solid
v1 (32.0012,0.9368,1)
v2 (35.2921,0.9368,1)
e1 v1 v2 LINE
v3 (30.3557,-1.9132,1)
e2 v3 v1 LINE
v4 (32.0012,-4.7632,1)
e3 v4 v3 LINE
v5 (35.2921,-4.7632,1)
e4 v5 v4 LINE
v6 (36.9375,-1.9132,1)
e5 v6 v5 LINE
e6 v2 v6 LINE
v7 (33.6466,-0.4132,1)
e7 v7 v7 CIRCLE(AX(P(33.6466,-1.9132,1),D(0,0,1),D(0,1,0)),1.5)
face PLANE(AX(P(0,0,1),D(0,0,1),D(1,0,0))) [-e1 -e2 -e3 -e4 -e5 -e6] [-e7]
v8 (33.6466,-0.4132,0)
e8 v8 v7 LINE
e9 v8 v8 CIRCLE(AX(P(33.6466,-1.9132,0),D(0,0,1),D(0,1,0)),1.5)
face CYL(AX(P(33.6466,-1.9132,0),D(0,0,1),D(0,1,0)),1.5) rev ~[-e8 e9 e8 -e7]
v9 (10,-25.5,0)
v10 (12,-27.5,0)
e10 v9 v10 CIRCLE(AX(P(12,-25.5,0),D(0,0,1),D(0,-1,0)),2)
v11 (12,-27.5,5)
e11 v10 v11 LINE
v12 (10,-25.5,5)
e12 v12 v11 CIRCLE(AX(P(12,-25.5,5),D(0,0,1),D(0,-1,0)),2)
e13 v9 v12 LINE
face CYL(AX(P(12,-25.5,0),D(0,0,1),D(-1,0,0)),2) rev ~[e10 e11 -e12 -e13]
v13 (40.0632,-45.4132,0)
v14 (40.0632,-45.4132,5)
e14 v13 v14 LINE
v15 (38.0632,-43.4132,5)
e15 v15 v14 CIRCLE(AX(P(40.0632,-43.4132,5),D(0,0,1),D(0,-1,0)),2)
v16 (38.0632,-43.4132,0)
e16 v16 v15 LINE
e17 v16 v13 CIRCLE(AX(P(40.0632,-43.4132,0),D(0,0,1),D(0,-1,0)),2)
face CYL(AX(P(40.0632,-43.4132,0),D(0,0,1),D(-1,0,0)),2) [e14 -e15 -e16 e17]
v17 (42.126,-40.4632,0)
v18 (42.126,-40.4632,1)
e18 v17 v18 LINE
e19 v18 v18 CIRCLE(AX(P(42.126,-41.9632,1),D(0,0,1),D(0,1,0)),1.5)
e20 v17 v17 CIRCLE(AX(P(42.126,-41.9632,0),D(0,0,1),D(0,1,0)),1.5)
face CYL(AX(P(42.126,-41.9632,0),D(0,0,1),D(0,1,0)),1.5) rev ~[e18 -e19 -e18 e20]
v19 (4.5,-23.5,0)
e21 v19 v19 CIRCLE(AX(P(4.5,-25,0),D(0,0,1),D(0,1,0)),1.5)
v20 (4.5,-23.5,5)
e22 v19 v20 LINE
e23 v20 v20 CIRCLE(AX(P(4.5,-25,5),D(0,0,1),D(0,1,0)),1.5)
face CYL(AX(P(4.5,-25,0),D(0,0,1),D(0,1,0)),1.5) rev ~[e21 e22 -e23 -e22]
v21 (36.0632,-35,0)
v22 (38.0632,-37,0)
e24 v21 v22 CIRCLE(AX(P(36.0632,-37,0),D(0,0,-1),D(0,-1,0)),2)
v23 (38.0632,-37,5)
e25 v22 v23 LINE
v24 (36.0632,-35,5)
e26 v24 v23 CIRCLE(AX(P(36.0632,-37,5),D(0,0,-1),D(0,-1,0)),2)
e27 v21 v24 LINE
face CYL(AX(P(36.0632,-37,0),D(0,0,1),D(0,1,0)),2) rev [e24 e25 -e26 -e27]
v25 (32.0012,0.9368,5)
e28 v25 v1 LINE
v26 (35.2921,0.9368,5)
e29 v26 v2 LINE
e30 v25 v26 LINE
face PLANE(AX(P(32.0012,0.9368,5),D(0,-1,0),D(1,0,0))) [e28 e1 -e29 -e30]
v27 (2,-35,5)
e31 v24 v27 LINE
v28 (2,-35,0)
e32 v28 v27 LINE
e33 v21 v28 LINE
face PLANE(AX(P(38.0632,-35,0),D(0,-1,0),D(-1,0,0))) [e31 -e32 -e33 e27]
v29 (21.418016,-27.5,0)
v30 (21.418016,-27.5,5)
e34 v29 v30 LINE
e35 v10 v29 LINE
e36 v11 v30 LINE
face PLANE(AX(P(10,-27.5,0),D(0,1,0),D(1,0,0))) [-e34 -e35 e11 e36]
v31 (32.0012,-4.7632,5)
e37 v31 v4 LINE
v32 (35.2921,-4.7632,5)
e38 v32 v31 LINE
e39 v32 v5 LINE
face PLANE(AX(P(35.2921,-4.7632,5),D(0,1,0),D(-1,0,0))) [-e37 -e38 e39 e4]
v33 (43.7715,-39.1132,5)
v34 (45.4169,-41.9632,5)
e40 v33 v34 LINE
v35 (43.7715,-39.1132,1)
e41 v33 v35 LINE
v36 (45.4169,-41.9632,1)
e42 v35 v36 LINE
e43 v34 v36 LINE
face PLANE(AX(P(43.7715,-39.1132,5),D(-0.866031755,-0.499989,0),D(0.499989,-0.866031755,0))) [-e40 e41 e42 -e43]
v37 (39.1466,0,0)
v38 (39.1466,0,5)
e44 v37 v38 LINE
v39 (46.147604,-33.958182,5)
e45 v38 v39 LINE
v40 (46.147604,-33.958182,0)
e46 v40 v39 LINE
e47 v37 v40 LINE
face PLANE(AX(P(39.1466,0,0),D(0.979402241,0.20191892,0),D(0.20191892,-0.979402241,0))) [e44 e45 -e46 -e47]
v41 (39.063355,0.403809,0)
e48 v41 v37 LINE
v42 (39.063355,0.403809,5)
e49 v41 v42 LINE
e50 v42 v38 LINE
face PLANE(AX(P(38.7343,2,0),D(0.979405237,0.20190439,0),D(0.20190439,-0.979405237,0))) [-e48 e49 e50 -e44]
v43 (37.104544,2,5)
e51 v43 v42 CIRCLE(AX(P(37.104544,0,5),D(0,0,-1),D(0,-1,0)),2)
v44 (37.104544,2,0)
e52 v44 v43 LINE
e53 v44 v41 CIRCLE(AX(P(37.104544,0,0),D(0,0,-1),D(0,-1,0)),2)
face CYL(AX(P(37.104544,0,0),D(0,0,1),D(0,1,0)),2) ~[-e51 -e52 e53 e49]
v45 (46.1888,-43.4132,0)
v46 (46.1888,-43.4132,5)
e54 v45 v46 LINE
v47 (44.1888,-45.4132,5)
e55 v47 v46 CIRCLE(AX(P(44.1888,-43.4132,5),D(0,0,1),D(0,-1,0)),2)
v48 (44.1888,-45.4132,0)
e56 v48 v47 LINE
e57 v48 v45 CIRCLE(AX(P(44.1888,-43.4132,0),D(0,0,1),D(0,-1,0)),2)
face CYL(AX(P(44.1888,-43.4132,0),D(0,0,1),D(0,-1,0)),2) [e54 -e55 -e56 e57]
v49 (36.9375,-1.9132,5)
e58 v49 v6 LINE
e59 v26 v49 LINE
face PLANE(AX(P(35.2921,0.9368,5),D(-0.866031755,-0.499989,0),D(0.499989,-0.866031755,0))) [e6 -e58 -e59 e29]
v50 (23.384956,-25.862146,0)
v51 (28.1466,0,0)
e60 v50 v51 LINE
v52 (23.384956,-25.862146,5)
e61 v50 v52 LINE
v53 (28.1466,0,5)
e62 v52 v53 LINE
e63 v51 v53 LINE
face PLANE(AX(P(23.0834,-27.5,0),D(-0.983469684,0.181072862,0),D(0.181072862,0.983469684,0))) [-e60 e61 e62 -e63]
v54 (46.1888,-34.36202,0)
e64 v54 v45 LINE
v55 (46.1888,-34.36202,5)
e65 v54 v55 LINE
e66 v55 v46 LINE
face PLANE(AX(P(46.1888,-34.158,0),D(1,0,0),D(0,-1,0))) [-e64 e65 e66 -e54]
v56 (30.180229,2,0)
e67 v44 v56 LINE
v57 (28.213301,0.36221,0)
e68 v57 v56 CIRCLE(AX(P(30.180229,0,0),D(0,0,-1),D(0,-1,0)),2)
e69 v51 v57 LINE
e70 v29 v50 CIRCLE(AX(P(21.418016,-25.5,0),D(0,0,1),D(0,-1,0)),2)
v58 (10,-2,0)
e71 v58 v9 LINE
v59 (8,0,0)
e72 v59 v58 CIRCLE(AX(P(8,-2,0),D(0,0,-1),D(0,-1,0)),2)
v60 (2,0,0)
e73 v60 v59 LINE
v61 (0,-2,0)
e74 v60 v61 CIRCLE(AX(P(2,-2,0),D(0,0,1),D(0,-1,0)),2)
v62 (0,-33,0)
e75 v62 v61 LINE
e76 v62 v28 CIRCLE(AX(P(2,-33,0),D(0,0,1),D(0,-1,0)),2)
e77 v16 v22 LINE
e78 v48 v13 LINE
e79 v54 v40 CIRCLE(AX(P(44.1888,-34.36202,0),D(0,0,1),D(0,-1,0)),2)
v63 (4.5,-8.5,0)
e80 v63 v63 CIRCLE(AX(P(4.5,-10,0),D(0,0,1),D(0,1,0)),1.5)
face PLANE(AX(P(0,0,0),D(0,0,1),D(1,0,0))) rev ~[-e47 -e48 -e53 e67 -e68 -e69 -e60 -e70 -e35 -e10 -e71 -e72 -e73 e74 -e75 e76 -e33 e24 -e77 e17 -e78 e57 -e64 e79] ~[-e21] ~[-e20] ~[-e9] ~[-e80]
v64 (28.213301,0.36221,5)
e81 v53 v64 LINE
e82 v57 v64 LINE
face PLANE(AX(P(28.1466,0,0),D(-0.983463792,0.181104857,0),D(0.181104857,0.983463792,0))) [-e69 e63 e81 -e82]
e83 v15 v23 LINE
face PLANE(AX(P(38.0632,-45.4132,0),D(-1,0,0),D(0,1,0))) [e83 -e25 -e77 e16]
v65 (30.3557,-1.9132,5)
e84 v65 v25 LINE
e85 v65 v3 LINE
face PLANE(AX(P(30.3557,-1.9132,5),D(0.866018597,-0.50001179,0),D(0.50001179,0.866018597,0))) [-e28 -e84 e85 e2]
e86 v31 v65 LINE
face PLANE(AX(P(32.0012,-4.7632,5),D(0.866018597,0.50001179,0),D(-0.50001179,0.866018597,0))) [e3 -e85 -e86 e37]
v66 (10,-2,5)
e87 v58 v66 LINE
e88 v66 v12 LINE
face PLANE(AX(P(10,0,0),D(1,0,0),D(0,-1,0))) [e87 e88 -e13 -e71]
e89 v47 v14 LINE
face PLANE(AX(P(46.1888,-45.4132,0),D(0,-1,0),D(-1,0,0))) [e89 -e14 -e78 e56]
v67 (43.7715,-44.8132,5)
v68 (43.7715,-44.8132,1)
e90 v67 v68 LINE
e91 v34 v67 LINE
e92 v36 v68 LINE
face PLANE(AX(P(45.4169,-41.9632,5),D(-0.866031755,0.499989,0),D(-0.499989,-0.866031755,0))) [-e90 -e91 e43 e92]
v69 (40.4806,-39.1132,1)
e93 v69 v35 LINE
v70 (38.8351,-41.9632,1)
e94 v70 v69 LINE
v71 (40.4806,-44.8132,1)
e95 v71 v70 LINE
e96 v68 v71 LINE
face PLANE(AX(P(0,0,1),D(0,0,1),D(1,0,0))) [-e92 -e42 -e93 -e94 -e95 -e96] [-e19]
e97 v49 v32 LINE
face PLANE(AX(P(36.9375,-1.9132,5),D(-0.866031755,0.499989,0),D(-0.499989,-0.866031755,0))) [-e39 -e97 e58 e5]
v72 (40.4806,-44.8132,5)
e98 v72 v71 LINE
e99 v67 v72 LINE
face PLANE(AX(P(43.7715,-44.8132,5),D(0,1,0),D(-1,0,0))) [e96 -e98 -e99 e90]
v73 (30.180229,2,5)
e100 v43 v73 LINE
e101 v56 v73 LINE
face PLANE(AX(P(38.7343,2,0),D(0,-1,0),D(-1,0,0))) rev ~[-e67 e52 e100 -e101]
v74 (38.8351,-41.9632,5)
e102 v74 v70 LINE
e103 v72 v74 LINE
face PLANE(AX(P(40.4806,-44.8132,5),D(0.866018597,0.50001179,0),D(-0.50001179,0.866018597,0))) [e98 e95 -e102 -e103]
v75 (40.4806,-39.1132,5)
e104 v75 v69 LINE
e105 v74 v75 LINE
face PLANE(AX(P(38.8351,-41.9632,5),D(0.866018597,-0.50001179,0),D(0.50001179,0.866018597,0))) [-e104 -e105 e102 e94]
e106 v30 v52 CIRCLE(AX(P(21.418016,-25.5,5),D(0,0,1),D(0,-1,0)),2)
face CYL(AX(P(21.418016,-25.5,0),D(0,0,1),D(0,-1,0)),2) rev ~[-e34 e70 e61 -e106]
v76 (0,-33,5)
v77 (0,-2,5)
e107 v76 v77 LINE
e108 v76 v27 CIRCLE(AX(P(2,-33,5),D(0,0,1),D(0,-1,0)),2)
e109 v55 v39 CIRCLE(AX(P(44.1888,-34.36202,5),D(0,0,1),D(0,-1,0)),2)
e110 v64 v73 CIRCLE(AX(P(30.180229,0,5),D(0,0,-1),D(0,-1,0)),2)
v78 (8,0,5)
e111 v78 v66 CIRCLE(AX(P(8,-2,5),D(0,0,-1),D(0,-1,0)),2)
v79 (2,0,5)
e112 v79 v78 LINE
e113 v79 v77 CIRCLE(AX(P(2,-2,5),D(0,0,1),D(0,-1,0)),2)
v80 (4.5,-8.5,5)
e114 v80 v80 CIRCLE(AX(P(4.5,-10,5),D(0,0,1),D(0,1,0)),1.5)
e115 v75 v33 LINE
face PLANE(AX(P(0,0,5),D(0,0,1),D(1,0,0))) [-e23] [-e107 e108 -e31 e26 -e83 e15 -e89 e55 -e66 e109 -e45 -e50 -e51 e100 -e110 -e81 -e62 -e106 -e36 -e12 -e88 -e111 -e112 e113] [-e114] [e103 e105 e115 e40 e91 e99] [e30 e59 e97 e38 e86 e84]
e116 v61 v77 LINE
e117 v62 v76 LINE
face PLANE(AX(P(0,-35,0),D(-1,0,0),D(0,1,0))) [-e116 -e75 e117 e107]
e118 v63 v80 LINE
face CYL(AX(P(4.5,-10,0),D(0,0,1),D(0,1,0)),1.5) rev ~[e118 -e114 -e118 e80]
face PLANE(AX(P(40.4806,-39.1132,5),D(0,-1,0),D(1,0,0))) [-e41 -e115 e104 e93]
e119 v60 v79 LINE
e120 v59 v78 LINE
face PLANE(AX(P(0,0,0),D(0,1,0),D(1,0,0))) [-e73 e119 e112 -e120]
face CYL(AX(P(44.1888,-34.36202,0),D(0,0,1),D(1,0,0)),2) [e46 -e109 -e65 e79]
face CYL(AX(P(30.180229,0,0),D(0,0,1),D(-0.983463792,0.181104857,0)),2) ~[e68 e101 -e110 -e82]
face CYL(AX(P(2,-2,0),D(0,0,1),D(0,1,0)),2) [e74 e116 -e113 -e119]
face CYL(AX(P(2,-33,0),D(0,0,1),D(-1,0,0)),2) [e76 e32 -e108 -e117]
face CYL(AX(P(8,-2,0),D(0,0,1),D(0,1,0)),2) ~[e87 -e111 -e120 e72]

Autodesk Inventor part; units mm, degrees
ref_plane "YZ Plane" through (0, 0, 0) normal (1, 0, 0) x (0, 1, 0)
ref_plane "XZ Plane" through (0, 0, 0) normal (0, 1, 0) x (-1, 0, 0)
ref_plane "XY Plane" through (0, 0, 0) normal (0, 0, 1) x (1, 0, 0)
sketch "Sketch1" plane through (0, 0, 0) normal (0, 0, 1) x (1, 0, 0)
  line L0 (0, 0) -> (10, 0)
  line L1 (10, 0) -> (10, -27.5)
  line L2 (10, -27.5) -> (23.0834, -27.5)
  line L3 (23.0834, -27.5) -> (28.1466, 0)
  line L4 (28.1466, 0) -> (39.1466, 0)
  line L5 (39.1466, 0) -> (46.1888, -34.158)
  line L6 (38.0632, -45.4132) -> (38.0632, -35)
  line L7 (38.0632, -35) -> (0, -35)
  line L8 (0, -35) -> (0, 0)
  line L9 (46.1888, -34.158) -> (46.1888, -45.4132)
  line L10 (46.1888, -45.4132) -> (38.0632, -45.4132)
  line L11 (28.1466, 0) -> (33.3359, 28.1848) construction
  line L12 (33.3359, 28.1848) -> (39.1466, 0) construction
  line L13 (28.1466, 0) -> (28.5149, 2)
  line L14 (38.7343, 2) -> (39.1466, 0)
  line L15 (38.7343, 2) -> (28.5149, 2)
  point P0 (4.5, -10)
  point P1 (4.5, -25)
  point P2 (42.126, -41.9632)
  point P3 (33.6466, -1.9132)
  point P4 (38.0632, -40.2066)
  point P5 (42.126, -45.4132)
  point P6 (33.6466, 0)
  dimension "d0" = 35
  dimension "d1" = 10
  dimension "d2" = 10
  dimension "d3" = 4.5
  dimension "d4" = 100.432
  dimension "d6" = 101.649
  dimension "d7" = 7.5
  dimension "d8" = 15
  dimension "d9" = 8.1256
  dimension "d10" = 38.0632
  dimension "d11" = 10.4132
  dimension "d12" = 3.45
  dimension "d13" = 1.9132
  dimension "d14" = 29.1466
  dimension "d15" = 28.1848
  dimension "d30" = 2
extrude "Extrusion1" add sketch "Sketch1" along normal blind 5
hole "Hole1" at (4.5, -10, 0) at (4.5, -25, 0) at (42.126, -41.9632, 0) at (33.6466, -1.9132, 0) direction (0, 0, 1) diameter 3 depth 20
sketch "Sketch2" plane through (0, 0, 5) normal (0, 0, 1) x (1, 0, 0)
  circle A0 centre (33.6466, -1.9132) radius 1.5 projected
  circle A1 centre (42.126, -41.9632) radius 1.5 projected
  circle A2 centre (4.5, -25) radius 1.5 projected
  circle A3 centre (4.5, -10) radius 1.5 projected
  line L0 (0, -35) -> (38.0632, -35) projected
  line L1 (38.0632, -35) -> (38.0632, -45.4132) projected
  line L2 (38.0632, -45.4132) -> (46.1888, -45.4132) projected
  line L3 (46.1888, -45.4132) -> (46.1888, -34.158) projected
  line L4 (23.0834, -27.5) -> (10, -27.5) projected
  line L5 (10, -27.5) -> (10, 0) projected
  line L6 (10, 0) -> (0, 0) projected
  line L7 (0, 0) -> (0, -35) projected
  line L8 (35.2921, 0.9368) -> (36.9375, -1.9132)
  line L9 (36.9375, -1.9132) -> (35.2921, -4.7632)
  line L10 (35.2921, -4.7632) -> (32.0012, -4.7632)
  line L11 (32.0012, -4.7632) -> (30.3557, -1.9132)
  line L12 (30.3557, -1.9132) -> (32.0012, 0.9368)
  line L13 (32.0012, 0.9368) -> (35.2921, 0.9368)
  line L14 (43.7715, -39.1132) -> (45.4169, -41.9632)
  line L15 (45.4169, -41.9632) -> (43.7715, -44.8132)
  line L16 (43.7715, -44.8132) -> (40.4806, -44.8132)
  line L17 (40.4806, -44.8132) -> (38.8351, -41.9632)
  line L18 (38.8351, -41.9632) -> (40.4806, -39.1132)
  line L19 (40.4806, -39.1132) -> (43.7715, -39.1132)
  line L20 (46.1888, -34.158) -> (38.7343, 2) projected
  line L21 (38.7343, 2) -> (28.5149, 2) projected
  line L22 (28.5149, 2) -> (23.0834, -27.5) projected
  dimension "d25" = 6.5818
  dimension "d26" = 6.5818
extrude "Extrusion2" cut sketch "Sketch2" against normal blind 4 contours L8 L9 L10 L11 L12 L13 | L14 L15 L16 L17 L18 L19
fillet "Fillet1" radius 2 11 edges at (0, 0, 2.5) (10, 0, 2.5) (10, -27.5, 2.5) (23.0834, -27.5, 2.5) (0, -35, 2.5) (38.0632, -35, 2.5) (38.0632, -45.4132, 2.5) (46.1888, -45.4132, 2.5) (46.1888, -34.158, 2.5) (28.5149, 2, 2.5) (38.7343, 2, 2.5)
properties part number "FanMountV2" material "ABS Plastic"
